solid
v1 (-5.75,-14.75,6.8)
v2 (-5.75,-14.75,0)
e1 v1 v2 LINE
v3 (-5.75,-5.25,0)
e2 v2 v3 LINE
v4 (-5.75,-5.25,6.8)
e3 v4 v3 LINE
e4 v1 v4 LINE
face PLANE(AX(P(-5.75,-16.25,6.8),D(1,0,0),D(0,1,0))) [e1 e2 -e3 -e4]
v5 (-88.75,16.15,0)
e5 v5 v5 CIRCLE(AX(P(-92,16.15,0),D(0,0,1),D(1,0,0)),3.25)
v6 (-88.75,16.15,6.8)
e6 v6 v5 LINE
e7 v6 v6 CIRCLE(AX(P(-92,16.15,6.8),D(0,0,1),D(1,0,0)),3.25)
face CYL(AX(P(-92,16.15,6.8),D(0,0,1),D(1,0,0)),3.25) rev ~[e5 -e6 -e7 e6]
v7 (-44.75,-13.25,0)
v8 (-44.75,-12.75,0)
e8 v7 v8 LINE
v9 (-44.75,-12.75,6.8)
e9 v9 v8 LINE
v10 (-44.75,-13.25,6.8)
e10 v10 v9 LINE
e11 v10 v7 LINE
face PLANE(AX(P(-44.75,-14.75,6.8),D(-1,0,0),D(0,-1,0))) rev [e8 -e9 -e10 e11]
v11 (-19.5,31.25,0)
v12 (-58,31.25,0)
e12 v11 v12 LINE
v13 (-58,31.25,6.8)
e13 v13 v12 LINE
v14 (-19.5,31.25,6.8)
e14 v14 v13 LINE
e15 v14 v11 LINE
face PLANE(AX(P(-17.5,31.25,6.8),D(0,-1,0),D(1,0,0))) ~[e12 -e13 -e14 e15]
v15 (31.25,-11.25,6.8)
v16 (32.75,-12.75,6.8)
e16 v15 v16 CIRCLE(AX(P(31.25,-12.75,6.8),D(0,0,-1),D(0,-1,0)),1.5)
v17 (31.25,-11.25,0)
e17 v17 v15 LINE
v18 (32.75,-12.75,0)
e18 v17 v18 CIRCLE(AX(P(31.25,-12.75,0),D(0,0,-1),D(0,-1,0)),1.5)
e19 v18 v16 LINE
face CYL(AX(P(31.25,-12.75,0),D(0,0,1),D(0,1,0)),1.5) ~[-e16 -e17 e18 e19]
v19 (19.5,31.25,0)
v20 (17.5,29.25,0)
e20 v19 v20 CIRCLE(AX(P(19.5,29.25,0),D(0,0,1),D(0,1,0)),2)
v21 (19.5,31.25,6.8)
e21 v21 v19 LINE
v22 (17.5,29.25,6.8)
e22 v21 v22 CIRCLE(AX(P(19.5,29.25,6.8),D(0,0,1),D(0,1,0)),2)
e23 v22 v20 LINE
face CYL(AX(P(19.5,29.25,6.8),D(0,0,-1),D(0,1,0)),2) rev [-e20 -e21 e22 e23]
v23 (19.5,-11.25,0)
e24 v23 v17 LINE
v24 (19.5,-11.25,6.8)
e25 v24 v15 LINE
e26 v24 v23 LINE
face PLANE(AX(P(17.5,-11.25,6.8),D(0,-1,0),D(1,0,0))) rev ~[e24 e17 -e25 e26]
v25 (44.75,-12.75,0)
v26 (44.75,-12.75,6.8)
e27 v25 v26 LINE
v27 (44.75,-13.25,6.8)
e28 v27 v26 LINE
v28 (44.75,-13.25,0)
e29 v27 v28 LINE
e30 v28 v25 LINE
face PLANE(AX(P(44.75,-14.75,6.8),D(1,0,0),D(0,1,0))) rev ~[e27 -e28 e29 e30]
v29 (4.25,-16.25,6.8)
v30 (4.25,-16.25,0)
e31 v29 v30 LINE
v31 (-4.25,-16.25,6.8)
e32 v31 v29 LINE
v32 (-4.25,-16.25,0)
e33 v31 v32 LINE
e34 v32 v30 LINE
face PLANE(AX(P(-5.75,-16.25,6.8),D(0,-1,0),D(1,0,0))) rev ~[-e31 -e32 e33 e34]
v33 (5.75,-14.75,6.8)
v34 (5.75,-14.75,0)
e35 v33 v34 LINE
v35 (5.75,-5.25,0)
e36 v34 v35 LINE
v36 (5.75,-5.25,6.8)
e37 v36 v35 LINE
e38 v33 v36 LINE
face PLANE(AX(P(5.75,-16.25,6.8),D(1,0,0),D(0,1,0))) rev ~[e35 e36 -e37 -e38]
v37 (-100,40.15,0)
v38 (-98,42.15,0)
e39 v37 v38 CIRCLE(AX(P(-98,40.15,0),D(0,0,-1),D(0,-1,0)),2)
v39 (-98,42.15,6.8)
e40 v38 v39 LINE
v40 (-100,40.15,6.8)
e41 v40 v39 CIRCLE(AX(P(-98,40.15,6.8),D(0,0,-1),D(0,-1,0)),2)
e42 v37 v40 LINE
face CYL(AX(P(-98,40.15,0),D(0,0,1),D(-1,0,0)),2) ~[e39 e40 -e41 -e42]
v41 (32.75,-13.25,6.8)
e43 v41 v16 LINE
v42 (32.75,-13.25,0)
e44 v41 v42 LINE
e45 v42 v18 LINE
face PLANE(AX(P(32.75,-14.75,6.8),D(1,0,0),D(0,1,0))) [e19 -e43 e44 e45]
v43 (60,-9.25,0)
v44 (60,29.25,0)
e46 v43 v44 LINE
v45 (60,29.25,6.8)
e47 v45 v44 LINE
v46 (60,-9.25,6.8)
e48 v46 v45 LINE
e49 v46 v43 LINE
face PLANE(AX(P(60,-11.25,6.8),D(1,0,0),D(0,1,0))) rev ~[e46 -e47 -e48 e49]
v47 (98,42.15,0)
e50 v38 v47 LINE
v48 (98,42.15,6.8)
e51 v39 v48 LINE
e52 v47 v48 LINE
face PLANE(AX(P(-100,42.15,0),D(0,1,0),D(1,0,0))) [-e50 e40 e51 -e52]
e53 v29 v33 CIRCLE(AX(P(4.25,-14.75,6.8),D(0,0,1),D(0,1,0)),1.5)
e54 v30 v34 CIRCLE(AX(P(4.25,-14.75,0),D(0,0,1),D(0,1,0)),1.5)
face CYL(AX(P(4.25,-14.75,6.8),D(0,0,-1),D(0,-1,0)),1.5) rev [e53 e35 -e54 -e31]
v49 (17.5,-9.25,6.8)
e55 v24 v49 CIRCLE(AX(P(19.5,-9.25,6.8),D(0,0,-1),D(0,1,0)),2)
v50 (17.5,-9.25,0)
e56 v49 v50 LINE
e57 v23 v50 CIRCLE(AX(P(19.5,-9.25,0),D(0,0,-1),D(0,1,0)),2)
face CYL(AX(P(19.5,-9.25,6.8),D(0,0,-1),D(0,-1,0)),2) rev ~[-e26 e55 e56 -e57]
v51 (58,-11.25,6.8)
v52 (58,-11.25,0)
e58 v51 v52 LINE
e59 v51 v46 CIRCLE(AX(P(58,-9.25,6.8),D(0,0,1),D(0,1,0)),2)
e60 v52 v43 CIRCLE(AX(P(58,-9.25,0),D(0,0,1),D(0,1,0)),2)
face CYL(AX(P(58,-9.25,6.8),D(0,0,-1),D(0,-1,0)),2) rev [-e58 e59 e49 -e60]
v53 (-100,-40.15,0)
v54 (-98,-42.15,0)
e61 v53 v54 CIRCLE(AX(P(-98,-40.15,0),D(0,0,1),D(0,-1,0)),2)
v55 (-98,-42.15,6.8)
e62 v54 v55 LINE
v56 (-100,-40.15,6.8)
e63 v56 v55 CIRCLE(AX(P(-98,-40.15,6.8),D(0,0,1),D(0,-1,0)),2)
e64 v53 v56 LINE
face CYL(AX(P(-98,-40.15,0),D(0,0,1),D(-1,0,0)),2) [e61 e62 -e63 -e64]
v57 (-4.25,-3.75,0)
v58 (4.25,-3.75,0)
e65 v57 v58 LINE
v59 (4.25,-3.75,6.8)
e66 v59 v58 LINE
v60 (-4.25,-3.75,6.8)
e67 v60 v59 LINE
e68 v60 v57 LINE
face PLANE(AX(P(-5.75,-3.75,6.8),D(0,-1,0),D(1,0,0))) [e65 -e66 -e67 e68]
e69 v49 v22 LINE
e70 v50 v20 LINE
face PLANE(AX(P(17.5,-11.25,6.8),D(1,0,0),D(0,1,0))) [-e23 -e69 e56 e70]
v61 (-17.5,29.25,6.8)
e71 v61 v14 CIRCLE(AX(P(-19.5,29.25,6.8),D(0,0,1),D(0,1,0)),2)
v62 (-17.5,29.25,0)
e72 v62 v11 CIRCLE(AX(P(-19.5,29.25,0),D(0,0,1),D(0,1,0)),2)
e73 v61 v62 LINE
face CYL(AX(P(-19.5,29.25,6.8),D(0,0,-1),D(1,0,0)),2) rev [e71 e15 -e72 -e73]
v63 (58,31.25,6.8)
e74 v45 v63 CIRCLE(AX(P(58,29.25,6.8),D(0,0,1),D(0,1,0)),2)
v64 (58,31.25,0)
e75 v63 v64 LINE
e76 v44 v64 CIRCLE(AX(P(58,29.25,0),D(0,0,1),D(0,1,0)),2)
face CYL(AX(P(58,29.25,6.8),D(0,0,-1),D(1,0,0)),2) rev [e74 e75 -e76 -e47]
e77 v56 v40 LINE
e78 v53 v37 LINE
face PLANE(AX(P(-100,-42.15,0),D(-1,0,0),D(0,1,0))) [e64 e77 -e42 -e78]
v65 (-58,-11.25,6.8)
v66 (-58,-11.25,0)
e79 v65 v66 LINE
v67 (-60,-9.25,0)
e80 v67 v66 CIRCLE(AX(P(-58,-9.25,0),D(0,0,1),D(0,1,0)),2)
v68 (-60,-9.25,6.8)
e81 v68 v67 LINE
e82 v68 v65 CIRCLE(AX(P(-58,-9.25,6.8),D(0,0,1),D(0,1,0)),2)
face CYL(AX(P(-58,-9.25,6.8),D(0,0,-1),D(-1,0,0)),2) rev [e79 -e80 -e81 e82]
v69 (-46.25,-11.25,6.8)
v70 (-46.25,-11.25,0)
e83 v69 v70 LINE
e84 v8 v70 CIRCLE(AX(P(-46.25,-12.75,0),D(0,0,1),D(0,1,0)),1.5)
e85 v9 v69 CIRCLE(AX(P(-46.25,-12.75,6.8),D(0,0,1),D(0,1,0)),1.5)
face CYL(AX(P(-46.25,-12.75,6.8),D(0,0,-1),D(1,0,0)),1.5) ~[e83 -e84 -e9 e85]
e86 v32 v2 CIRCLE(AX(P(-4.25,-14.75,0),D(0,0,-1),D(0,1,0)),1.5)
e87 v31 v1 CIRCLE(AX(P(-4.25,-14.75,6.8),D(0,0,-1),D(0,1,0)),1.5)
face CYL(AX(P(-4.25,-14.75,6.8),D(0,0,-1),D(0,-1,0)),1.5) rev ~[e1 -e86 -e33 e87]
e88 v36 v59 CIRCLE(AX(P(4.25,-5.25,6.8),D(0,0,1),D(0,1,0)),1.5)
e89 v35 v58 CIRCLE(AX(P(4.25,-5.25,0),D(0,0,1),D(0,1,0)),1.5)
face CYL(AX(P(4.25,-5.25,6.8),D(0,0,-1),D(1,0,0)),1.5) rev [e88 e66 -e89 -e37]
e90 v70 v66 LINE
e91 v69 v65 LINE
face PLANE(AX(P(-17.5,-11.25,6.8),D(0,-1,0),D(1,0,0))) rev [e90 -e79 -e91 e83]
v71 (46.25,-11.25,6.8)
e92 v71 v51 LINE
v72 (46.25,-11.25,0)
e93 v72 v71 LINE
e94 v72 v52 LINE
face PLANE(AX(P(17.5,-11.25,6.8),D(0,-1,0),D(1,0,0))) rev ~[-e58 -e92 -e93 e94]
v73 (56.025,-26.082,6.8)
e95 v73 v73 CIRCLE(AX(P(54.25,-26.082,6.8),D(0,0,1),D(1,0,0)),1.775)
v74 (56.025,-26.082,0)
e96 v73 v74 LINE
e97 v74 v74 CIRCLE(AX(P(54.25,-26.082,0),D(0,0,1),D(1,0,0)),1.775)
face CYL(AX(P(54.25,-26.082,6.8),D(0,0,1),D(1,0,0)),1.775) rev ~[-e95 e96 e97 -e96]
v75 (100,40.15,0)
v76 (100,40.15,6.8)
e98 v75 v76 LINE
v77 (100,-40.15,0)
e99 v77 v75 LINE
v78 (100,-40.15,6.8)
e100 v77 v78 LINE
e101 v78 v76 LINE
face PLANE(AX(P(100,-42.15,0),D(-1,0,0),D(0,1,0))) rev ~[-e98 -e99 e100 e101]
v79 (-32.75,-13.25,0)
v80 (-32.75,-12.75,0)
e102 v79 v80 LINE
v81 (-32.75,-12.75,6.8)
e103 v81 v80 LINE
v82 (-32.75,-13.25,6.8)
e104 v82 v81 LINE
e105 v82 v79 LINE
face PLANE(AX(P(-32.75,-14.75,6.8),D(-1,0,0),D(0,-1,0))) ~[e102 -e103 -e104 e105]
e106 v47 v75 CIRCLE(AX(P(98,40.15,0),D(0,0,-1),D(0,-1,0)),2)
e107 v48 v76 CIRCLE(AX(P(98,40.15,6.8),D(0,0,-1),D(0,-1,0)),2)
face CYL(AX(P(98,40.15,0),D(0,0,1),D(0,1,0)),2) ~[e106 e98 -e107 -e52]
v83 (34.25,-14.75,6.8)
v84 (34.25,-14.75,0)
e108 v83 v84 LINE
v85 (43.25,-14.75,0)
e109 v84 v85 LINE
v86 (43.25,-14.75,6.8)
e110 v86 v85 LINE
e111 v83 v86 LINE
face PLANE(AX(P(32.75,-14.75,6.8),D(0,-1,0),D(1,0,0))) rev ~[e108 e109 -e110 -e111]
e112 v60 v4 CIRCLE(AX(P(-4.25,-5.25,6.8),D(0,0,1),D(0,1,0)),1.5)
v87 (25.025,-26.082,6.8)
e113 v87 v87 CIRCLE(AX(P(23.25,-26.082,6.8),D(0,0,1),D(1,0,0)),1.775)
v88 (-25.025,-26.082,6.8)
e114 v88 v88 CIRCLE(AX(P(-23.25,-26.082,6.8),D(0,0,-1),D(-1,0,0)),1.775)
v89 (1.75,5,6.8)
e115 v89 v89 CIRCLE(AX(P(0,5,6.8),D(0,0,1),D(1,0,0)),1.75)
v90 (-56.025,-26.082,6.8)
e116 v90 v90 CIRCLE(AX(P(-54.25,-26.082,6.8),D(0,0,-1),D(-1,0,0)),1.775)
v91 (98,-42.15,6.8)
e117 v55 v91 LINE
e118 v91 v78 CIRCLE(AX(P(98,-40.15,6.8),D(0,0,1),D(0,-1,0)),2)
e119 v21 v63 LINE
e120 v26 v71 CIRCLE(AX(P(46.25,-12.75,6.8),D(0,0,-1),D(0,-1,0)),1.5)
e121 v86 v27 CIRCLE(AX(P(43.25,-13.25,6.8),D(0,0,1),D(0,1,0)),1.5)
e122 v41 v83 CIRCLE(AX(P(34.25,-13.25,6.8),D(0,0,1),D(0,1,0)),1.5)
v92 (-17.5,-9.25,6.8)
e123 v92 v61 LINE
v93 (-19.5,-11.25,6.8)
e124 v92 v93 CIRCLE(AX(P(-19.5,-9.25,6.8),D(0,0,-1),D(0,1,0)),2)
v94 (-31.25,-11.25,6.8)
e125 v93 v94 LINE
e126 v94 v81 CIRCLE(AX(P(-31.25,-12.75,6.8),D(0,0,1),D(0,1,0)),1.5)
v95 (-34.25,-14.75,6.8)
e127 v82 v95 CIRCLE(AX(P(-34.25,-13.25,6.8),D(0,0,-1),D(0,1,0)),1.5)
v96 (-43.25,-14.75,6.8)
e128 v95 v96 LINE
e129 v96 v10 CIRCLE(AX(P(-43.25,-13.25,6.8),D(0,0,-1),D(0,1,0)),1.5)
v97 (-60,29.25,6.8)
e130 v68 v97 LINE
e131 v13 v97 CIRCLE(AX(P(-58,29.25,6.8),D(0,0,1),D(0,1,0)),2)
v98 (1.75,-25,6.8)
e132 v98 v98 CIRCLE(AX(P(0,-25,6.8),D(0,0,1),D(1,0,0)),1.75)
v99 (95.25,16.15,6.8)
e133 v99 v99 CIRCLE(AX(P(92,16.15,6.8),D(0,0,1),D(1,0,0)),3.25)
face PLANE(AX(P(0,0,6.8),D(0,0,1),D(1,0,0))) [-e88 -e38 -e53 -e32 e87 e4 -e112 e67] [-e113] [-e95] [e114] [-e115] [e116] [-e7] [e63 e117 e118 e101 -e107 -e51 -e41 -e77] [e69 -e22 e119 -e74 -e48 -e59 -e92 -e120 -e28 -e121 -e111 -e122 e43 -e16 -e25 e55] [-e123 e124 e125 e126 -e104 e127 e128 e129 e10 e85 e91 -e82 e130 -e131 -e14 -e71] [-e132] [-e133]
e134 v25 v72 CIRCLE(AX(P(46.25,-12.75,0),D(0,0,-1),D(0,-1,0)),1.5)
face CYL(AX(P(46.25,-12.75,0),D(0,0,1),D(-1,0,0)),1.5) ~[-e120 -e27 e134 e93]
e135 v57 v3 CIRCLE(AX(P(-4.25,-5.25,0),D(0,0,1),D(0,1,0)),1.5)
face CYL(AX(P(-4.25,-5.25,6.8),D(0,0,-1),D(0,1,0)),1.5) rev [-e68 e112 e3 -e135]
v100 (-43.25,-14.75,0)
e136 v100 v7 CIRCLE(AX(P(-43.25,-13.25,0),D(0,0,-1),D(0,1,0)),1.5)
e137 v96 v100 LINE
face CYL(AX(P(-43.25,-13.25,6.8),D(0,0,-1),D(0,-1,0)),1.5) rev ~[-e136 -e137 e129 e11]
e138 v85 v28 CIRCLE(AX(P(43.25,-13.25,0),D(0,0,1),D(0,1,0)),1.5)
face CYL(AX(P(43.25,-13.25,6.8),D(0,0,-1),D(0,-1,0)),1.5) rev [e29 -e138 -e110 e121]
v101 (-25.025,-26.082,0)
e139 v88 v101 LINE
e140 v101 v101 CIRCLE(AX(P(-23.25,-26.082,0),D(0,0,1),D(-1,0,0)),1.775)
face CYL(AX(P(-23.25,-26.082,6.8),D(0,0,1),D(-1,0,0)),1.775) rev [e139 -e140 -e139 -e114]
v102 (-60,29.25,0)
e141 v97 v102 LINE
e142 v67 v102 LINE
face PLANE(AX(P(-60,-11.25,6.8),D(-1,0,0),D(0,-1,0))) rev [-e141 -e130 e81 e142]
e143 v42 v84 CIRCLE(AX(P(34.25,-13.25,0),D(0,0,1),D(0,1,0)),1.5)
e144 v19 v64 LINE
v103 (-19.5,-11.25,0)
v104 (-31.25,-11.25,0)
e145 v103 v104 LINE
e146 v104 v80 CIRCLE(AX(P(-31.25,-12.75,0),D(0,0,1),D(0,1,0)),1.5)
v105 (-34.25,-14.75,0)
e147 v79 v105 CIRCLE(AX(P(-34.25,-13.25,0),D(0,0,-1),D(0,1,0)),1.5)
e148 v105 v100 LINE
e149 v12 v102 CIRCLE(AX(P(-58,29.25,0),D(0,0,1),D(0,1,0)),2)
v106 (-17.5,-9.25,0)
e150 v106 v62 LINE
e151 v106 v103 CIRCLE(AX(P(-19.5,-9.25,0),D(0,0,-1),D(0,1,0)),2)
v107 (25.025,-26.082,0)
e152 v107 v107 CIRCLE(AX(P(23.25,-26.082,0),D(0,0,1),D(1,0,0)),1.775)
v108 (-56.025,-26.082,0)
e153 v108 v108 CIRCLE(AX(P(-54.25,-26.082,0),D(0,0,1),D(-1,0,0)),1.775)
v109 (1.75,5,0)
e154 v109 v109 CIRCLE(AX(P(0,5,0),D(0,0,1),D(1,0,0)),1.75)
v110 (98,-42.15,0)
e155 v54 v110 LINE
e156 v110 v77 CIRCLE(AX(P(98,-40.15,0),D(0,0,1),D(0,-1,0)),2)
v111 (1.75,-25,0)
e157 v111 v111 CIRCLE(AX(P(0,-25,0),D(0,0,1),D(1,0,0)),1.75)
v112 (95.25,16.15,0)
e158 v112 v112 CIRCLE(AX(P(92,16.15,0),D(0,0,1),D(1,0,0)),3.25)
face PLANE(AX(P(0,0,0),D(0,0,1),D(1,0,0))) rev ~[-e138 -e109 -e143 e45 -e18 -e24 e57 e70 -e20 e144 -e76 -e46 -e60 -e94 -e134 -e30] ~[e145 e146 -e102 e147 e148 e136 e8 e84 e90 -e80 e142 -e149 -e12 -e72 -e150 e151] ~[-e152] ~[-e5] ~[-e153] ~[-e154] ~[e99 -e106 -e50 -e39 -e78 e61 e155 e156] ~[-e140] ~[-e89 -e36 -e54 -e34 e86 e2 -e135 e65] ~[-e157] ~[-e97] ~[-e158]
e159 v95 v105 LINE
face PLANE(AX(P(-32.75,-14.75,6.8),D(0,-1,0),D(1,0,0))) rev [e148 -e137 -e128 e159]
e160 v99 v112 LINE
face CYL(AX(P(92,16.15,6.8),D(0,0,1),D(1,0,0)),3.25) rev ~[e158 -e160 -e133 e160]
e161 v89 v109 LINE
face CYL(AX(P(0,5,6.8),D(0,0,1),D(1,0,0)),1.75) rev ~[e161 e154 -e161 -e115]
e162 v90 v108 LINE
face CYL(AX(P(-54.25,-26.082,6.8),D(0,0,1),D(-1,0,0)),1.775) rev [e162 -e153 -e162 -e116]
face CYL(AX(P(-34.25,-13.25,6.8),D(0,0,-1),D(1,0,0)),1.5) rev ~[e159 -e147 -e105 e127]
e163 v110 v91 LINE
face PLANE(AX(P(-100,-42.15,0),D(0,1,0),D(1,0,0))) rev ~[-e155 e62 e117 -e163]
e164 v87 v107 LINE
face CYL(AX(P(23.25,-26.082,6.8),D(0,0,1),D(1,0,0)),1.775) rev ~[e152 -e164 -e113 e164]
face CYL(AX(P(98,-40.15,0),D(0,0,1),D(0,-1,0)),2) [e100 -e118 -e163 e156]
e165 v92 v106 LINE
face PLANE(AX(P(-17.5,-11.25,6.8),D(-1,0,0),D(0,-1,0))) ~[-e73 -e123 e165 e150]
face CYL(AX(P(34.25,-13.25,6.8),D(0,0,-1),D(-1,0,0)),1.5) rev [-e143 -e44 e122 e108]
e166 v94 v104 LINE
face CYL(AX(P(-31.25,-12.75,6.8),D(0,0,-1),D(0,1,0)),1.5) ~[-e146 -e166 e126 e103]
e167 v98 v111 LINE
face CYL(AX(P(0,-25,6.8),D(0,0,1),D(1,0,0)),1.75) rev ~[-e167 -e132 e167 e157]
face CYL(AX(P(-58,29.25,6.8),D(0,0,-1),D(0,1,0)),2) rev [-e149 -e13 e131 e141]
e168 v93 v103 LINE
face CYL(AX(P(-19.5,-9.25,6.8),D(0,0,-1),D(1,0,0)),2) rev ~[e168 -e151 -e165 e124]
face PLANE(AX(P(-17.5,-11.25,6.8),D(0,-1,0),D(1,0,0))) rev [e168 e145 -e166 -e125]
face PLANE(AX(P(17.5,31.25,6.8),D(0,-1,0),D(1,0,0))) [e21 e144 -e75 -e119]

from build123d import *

# Parameters (mm, degrees)
SKETCH1_W            = 200
SKETCH1_H            = 84.3
BOSS_EXTRUDE1_DEPTH  = 6.8
SKETCH2_R            = 3.25
CUT_EXTRUDE1_DEPTH   = 6.8
FILLET1_R            = 2
SKETCH3_R            = 1.775
SKETCH3_W            = 42.5
SKETCH3_H            = 42.5
CUT_EXTRUDE2_DEPTH   = 7.8
FILLET2_R            = 2
SKETCH4_W            = 12
SKETCH4_H            = 7
CUT_EXTRUDE3_DEPTH   = 7.8
FILLET3_R            = 1.5
SKETCH5_R            = 1.75
SKETCH5_W            = 11.5
SKETCH5_H            = 12.5
CUT_EXTRUDE4_DEPTH   = 7.8
FILLET4_R            = 1.5
FILLET2_OF_MIRROR2_R = 2
FILLET3_OF_MIRROR2_R = 1.5


with BuildPart() as part:
    # Sketch1 → Boss-Extrude1 (new body)
    with BuildSketch(Plane.XY):
        Rectangle(SKETCH1_W, SKETCH1_H)
    extrude(amount=BOSS_EXTRUDE1_DEPTH)

    # Sketch2 → Cut-Extrude1 (cut)
    with BuildSketch(Plane.XY.offset(6.8)):
        with Locations((-92, 16.15)):
            Circle(SKETCH2_R)
        with Locations((92, 16.15)):
            Circle(SKETCH2_R)
    extrude(amount=-CUT_EXTRUDE1_DEPTH, mode=Mode.SUBTRACT)

    # Fillet1
    fillet1_edges = [part.edges().sort_by_distance(p)[0] for p in [
        (-100, 42.15, 3.4),
        (100, 42.15, 3.4),
        (100, -42.15, 3.4),
        (-100, -42.15, 3.4),
    ]]
    fillet(fillet1_edges, radius=FILLET1_R)

    # Sketch3 → Cut-Extrude2 (cut, through all)
    with BuildSketch(Plane.XY.offset(6.8)):
        with Locations((23.25, -26.082)):
            Circle(SKETCH3_R)
        with Locations((54.25, -26.082)):
            Circle(SKETCH3_R)
        with Locations((38.75, 10)):
            Rectangle(SKETCH3_W, SKETCH3_H)
    cut_extrude2 = extrude(amount=-CUT_EXTRUDE2_DEPTH, mode=Mode.SUBTRACT)

    # Fillet2
    fillet2_edges = [part.edges().sort_by_distance(p)[0] for p in [
        (17.5, -11.25, 3.4),
        (17.5, 31.25, 3.4),
        (60, 31.25, 3.4),
        (60, -11.25, 3.4),
    ]]
    fillet(fillet2_edges, radius=FILLET2_R)

    # Sketch4 → Cut-Extrude3 (cut, through all)
    with BuildSketch(Plane.XY.offset(6.8)):
        with Locations((38.75, -11.25)):
            Rectangle(SKETCH4_W, SKETCH4_H)
    cut_extrude3 = extrude(amount=-CUT_EXTRUDE3_DEPTH, mode=Mode.SUBTRACT)

    # Fillet3
    fillet3_edges = [part.edges().sort_by_distance(p)[0] for p in [
        (44.75, -11.25, 3.4),
        (32.75, -11.25, 3.4),
        (32.75, -14.75, 3.4),
        (44.75, -14.75, 3.4),
    ]]
    fillet(fillet3_edges, radius=FILLET3_R)

    # Sketch5 → Cut-Extrude4 (cut, through all)
    with BuildSketch(Plane.XY.offset(6.8)):
        with Locations((0, -25)):
            Circle(SKETCH5_R)
        with Locations((0, 5)):
            Circle(SKETCH5_R)
        with Locations((0, -10)):
            Rectangle(SKETCH5_W, SKETCH5_H)
    extrude(amount=-CUT_EXTRUDE4_DEPTH, mode=Mode.SUBTRACT)

    # Fillet4
    fillet4_edges = [part.edges().sort_by_distance(p)[0] for p in [
        (-5.75, -16.25, 3.4),
        (-5.75, -3.75, 3.4),
        (5.75, -3.75, 3.4),
        (5.75, -16.25, 3.4),
    ]]
    fillet(fillet4_edges, radius=FILLET4_R)

    # Mirror2: Cut-Extrude2, Cut-Extrude3 across plane
    add(cut_extrude2.mirror(Plane(origin=(0, 0, 0), x_dir=(0, 0, 1), z_dir=(1, 0, 0))), mode=Mode.SUBTRACT)
    add(cut_extrude3.mirror(Plane(origin=(0, 0, 0), x_dir=(0, 0, 1), z_dir=(1, 0, 0))), mode=Mode.SUBTRACT)

    # Fillet2 of Mirror2
    fillet2_of_mirror2_edges = [part.edges().sort_by_distance(p)[0] for p in [
        (-17.5, -11.25, 3.4),
        (-17.5, 31.25, 3.4),
        (-60, 31.25, 3.4),
        (-60, -11.25, 3.4),
    ]]
    fillet(fillet2_of_mirror2_edges, radius=FILLET2_OF_MIRROR2_R)

    # Fillet3 of Mirror2
    fillet3_of_mirror2_edges = [part.edges().sort_by_distance(p)[0] for p in [
        (-44.75, -11.25, 3.4),
        (-32.75, -11.25, 3.4),
        (-32.75, -14.75, 3.4),
        (-44.75, -14.75, 3.4),
    ]]
    fillet(fillet3_of_mirror2_edges, radius=FILLET3_OF_MIRROR2_R)


solid = part.part
